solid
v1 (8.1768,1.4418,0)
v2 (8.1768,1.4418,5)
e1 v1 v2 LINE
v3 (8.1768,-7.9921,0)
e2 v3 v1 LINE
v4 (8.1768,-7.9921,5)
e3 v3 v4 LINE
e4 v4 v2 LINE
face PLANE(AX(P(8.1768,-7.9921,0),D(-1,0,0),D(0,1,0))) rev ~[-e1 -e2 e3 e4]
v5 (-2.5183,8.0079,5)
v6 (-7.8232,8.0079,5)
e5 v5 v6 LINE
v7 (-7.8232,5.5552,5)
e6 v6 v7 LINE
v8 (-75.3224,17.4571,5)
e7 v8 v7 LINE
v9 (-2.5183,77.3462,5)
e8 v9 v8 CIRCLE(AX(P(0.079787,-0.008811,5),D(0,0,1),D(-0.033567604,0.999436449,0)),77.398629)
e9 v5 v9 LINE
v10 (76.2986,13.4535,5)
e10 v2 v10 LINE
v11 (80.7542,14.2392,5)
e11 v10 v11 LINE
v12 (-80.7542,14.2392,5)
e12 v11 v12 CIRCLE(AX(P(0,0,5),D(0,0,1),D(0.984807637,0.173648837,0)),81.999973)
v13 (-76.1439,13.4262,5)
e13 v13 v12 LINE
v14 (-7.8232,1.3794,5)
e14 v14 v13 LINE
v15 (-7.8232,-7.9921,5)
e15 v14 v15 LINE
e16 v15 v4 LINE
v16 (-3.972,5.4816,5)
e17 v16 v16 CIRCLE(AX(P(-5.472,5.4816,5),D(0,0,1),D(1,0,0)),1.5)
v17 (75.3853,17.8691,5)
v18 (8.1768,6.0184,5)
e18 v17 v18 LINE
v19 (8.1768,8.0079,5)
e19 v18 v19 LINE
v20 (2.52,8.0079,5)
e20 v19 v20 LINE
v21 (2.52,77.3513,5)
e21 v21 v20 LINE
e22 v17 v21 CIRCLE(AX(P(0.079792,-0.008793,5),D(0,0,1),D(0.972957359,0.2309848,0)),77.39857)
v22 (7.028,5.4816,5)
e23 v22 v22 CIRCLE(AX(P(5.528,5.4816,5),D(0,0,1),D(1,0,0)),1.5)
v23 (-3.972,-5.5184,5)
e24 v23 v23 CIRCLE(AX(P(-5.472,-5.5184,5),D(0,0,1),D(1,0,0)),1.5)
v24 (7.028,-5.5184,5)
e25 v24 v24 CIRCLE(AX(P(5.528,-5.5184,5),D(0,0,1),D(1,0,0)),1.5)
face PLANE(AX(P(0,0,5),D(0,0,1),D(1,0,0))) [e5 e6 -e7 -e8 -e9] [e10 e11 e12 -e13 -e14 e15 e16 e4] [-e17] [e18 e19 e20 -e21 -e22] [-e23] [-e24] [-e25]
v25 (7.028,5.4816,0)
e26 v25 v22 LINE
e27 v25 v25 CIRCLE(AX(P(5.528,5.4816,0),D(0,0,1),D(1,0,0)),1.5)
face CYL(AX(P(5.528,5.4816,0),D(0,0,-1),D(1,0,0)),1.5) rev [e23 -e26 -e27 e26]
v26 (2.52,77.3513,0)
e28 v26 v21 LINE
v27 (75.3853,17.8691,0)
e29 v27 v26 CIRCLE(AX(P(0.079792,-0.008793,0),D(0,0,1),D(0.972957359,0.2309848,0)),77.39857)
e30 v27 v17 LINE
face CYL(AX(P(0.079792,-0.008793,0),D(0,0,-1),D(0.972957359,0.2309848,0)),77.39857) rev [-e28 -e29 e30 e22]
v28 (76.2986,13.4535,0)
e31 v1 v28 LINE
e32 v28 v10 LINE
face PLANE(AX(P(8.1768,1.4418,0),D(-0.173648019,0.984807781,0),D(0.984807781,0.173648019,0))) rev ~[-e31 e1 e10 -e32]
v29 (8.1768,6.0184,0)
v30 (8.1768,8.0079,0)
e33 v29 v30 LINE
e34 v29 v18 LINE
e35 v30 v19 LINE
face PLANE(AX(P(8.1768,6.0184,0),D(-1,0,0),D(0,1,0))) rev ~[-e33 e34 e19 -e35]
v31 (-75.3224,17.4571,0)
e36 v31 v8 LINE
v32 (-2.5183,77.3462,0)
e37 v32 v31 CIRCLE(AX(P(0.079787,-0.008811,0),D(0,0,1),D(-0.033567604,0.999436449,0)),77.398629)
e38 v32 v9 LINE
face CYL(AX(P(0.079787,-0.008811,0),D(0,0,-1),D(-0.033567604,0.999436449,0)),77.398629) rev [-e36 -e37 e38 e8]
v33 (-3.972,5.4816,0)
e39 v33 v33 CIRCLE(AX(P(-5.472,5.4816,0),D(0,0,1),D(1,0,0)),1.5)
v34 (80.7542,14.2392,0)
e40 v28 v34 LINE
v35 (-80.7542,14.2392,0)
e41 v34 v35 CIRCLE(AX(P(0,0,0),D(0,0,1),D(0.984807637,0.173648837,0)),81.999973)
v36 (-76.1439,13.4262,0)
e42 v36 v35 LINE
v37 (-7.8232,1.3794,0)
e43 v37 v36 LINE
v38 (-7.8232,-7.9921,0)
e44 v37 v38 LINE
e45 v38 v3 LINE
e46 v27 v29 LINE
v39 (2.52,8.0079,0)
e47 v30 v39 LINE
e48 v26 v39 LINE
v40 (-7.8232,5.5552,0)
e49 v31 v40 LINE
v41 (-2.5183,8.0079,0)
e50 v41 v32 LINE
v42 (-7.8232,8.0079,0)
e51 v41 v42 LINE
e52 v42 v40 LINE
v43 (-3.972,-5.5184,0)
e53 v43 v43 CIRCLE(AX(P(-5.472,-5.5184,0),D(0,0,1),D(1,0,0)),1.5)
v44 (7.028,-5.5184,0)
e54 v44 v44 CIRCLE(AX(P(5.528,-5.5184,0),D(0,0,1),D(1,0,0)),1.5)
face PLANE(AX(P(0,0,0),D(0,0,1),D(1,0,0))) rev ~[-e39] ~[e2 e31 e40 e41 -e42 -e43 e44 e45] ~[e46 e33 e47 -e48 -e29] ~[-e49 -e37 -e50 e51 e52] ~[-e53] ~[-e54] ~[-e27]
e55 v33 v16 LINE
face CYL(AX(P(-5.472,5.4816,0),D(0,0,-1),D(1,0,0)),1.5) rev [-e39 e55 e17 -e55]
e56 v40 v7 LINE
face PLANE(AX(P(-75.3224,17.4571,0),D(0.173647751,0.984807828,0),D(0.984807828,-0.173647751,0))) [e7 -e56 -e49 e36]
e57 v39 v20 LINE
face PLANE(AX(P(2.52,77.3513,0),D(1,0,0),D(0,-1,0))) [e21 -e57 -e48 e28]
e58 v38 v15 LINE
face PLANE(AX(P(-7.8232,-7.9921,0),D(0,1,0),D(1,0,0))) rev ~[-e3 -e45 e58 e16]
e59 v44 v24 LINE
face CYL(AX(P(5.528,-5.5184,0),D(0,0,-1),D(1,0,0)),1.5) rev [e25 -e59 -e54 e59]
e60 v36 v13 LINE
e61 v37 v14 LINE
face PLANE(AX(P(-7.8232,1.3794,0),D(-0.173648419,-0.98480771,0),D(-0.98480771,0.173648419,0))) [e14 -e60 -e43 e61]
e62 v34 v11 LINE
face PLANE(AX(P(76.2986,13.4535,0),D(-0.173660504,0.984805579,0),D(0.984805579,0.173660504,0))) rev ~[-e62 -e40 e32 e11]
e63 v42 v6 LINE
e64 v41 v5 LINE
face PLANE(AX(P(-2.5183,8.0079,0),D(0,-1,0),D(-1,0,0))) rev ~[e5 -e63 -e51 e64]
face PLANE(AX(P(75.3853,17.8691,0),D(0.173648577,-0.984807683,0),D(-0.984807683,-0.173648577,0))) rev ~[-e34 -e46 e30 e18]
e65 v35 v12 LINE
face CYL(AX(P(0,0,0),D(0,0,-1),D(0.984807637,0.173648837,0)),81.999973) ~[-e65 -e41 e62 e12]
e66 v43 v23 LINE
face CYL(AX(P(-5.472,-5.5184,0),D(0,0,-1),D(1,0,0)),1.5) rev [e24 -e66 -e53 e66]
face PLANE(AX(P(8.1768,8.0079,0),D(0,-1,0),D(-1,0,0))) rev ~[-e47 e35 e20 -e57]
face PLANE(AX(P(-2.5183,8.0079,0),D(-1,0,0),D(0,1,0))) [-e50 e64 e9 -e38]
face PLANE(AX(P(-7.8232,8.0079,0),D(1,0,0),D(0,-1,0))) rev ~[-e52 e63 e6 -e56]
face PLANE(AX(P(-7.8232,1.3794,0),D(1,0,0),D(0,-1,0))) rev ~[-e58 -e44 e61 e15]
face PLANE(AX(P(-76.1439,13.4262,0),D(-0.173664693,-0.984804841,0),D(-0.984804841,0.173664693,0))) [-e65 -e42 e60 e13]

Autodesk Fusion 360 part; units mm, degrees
sketch "Sketch2" plane through (0, 0, 0) normal (0, 0, 1) x (1, 0, 0)
  line L0 (0, 0) -> (82, 0) construction
  line L1 (0, 0) -> (82, 0) construction
  arc A0 (80.7542, 14.2392) -> (-80.7542, 14.2392) centre (0, 0) ccw
  line L2 (-7.8232, -7.9921) -> (8.1768, -7.9921)
  circle A1 centre (-5.472, 5.4816) radius 1.5
  circle A2 centre (5.528, 5.4816) radius 1.5
  circle A3 centre (-5.472, -5.5184) radius 1.5
  circle A4 centre (5.528, -5.5184) radius 1.5
  line L3 (-75.3224, 17.4571) -> (-7.8232, 5.5552)
  line L4 (2.52, 77.3513) -> (2.52, 8.0079)
  line L5 (-2.5183, 8.0079) -> (-2.5183, 77.3462)
  line L6 (75.3853, 17.8691) -> (8.1768, 6.0184)
  arc A5 (75.3853, 17.8691) -> (2.52, 77.3513) centre (0.0798, -0.0088) ccw
  arc A6 (-2.5183, 77.3462) -> (-75.3224, 17.4571) centre (0.0798, -0.0088) ccw
  line L7 (76.2986, 13.4535) -> (80.7542, 14.2392)
  line L8 (8.1768, 1.4418) -> (76.2986, 13.4535)
  line L9 (-76.1439, 13.4262) -> (-80.7542, 14.2392)
  line L10 (-7.8232, 1.3794) -> (-76.1439, 13.4262)
  line L11 (-7.8232, 8.0079) -> (-7.8232, 5.5552)
  line L12 (-7.8232, 1.3794) -> (-7.8232, -7.9921)
  line L13 (8.1768, 8.0079) -> (2.52, 8.0079)
  line L14 (-2.5183, 8.0079) -> (-7.8232, 8.0079)
  line L15 (8.1768, -7.9921) -> (8.1768, 1.4418)
  line L16 (8.1768, 6.0184) -> (8.1768, 8.0079)
  dimension "d9" = 16
  dimension "d10" = 16
  dimension "d12" = 3
  dimension "d13" = 3
  dimension "d14" = 3
  dimension "d15" = 3
extrude "Extrude1" add sketch "Sketch2" along normal blind 5
